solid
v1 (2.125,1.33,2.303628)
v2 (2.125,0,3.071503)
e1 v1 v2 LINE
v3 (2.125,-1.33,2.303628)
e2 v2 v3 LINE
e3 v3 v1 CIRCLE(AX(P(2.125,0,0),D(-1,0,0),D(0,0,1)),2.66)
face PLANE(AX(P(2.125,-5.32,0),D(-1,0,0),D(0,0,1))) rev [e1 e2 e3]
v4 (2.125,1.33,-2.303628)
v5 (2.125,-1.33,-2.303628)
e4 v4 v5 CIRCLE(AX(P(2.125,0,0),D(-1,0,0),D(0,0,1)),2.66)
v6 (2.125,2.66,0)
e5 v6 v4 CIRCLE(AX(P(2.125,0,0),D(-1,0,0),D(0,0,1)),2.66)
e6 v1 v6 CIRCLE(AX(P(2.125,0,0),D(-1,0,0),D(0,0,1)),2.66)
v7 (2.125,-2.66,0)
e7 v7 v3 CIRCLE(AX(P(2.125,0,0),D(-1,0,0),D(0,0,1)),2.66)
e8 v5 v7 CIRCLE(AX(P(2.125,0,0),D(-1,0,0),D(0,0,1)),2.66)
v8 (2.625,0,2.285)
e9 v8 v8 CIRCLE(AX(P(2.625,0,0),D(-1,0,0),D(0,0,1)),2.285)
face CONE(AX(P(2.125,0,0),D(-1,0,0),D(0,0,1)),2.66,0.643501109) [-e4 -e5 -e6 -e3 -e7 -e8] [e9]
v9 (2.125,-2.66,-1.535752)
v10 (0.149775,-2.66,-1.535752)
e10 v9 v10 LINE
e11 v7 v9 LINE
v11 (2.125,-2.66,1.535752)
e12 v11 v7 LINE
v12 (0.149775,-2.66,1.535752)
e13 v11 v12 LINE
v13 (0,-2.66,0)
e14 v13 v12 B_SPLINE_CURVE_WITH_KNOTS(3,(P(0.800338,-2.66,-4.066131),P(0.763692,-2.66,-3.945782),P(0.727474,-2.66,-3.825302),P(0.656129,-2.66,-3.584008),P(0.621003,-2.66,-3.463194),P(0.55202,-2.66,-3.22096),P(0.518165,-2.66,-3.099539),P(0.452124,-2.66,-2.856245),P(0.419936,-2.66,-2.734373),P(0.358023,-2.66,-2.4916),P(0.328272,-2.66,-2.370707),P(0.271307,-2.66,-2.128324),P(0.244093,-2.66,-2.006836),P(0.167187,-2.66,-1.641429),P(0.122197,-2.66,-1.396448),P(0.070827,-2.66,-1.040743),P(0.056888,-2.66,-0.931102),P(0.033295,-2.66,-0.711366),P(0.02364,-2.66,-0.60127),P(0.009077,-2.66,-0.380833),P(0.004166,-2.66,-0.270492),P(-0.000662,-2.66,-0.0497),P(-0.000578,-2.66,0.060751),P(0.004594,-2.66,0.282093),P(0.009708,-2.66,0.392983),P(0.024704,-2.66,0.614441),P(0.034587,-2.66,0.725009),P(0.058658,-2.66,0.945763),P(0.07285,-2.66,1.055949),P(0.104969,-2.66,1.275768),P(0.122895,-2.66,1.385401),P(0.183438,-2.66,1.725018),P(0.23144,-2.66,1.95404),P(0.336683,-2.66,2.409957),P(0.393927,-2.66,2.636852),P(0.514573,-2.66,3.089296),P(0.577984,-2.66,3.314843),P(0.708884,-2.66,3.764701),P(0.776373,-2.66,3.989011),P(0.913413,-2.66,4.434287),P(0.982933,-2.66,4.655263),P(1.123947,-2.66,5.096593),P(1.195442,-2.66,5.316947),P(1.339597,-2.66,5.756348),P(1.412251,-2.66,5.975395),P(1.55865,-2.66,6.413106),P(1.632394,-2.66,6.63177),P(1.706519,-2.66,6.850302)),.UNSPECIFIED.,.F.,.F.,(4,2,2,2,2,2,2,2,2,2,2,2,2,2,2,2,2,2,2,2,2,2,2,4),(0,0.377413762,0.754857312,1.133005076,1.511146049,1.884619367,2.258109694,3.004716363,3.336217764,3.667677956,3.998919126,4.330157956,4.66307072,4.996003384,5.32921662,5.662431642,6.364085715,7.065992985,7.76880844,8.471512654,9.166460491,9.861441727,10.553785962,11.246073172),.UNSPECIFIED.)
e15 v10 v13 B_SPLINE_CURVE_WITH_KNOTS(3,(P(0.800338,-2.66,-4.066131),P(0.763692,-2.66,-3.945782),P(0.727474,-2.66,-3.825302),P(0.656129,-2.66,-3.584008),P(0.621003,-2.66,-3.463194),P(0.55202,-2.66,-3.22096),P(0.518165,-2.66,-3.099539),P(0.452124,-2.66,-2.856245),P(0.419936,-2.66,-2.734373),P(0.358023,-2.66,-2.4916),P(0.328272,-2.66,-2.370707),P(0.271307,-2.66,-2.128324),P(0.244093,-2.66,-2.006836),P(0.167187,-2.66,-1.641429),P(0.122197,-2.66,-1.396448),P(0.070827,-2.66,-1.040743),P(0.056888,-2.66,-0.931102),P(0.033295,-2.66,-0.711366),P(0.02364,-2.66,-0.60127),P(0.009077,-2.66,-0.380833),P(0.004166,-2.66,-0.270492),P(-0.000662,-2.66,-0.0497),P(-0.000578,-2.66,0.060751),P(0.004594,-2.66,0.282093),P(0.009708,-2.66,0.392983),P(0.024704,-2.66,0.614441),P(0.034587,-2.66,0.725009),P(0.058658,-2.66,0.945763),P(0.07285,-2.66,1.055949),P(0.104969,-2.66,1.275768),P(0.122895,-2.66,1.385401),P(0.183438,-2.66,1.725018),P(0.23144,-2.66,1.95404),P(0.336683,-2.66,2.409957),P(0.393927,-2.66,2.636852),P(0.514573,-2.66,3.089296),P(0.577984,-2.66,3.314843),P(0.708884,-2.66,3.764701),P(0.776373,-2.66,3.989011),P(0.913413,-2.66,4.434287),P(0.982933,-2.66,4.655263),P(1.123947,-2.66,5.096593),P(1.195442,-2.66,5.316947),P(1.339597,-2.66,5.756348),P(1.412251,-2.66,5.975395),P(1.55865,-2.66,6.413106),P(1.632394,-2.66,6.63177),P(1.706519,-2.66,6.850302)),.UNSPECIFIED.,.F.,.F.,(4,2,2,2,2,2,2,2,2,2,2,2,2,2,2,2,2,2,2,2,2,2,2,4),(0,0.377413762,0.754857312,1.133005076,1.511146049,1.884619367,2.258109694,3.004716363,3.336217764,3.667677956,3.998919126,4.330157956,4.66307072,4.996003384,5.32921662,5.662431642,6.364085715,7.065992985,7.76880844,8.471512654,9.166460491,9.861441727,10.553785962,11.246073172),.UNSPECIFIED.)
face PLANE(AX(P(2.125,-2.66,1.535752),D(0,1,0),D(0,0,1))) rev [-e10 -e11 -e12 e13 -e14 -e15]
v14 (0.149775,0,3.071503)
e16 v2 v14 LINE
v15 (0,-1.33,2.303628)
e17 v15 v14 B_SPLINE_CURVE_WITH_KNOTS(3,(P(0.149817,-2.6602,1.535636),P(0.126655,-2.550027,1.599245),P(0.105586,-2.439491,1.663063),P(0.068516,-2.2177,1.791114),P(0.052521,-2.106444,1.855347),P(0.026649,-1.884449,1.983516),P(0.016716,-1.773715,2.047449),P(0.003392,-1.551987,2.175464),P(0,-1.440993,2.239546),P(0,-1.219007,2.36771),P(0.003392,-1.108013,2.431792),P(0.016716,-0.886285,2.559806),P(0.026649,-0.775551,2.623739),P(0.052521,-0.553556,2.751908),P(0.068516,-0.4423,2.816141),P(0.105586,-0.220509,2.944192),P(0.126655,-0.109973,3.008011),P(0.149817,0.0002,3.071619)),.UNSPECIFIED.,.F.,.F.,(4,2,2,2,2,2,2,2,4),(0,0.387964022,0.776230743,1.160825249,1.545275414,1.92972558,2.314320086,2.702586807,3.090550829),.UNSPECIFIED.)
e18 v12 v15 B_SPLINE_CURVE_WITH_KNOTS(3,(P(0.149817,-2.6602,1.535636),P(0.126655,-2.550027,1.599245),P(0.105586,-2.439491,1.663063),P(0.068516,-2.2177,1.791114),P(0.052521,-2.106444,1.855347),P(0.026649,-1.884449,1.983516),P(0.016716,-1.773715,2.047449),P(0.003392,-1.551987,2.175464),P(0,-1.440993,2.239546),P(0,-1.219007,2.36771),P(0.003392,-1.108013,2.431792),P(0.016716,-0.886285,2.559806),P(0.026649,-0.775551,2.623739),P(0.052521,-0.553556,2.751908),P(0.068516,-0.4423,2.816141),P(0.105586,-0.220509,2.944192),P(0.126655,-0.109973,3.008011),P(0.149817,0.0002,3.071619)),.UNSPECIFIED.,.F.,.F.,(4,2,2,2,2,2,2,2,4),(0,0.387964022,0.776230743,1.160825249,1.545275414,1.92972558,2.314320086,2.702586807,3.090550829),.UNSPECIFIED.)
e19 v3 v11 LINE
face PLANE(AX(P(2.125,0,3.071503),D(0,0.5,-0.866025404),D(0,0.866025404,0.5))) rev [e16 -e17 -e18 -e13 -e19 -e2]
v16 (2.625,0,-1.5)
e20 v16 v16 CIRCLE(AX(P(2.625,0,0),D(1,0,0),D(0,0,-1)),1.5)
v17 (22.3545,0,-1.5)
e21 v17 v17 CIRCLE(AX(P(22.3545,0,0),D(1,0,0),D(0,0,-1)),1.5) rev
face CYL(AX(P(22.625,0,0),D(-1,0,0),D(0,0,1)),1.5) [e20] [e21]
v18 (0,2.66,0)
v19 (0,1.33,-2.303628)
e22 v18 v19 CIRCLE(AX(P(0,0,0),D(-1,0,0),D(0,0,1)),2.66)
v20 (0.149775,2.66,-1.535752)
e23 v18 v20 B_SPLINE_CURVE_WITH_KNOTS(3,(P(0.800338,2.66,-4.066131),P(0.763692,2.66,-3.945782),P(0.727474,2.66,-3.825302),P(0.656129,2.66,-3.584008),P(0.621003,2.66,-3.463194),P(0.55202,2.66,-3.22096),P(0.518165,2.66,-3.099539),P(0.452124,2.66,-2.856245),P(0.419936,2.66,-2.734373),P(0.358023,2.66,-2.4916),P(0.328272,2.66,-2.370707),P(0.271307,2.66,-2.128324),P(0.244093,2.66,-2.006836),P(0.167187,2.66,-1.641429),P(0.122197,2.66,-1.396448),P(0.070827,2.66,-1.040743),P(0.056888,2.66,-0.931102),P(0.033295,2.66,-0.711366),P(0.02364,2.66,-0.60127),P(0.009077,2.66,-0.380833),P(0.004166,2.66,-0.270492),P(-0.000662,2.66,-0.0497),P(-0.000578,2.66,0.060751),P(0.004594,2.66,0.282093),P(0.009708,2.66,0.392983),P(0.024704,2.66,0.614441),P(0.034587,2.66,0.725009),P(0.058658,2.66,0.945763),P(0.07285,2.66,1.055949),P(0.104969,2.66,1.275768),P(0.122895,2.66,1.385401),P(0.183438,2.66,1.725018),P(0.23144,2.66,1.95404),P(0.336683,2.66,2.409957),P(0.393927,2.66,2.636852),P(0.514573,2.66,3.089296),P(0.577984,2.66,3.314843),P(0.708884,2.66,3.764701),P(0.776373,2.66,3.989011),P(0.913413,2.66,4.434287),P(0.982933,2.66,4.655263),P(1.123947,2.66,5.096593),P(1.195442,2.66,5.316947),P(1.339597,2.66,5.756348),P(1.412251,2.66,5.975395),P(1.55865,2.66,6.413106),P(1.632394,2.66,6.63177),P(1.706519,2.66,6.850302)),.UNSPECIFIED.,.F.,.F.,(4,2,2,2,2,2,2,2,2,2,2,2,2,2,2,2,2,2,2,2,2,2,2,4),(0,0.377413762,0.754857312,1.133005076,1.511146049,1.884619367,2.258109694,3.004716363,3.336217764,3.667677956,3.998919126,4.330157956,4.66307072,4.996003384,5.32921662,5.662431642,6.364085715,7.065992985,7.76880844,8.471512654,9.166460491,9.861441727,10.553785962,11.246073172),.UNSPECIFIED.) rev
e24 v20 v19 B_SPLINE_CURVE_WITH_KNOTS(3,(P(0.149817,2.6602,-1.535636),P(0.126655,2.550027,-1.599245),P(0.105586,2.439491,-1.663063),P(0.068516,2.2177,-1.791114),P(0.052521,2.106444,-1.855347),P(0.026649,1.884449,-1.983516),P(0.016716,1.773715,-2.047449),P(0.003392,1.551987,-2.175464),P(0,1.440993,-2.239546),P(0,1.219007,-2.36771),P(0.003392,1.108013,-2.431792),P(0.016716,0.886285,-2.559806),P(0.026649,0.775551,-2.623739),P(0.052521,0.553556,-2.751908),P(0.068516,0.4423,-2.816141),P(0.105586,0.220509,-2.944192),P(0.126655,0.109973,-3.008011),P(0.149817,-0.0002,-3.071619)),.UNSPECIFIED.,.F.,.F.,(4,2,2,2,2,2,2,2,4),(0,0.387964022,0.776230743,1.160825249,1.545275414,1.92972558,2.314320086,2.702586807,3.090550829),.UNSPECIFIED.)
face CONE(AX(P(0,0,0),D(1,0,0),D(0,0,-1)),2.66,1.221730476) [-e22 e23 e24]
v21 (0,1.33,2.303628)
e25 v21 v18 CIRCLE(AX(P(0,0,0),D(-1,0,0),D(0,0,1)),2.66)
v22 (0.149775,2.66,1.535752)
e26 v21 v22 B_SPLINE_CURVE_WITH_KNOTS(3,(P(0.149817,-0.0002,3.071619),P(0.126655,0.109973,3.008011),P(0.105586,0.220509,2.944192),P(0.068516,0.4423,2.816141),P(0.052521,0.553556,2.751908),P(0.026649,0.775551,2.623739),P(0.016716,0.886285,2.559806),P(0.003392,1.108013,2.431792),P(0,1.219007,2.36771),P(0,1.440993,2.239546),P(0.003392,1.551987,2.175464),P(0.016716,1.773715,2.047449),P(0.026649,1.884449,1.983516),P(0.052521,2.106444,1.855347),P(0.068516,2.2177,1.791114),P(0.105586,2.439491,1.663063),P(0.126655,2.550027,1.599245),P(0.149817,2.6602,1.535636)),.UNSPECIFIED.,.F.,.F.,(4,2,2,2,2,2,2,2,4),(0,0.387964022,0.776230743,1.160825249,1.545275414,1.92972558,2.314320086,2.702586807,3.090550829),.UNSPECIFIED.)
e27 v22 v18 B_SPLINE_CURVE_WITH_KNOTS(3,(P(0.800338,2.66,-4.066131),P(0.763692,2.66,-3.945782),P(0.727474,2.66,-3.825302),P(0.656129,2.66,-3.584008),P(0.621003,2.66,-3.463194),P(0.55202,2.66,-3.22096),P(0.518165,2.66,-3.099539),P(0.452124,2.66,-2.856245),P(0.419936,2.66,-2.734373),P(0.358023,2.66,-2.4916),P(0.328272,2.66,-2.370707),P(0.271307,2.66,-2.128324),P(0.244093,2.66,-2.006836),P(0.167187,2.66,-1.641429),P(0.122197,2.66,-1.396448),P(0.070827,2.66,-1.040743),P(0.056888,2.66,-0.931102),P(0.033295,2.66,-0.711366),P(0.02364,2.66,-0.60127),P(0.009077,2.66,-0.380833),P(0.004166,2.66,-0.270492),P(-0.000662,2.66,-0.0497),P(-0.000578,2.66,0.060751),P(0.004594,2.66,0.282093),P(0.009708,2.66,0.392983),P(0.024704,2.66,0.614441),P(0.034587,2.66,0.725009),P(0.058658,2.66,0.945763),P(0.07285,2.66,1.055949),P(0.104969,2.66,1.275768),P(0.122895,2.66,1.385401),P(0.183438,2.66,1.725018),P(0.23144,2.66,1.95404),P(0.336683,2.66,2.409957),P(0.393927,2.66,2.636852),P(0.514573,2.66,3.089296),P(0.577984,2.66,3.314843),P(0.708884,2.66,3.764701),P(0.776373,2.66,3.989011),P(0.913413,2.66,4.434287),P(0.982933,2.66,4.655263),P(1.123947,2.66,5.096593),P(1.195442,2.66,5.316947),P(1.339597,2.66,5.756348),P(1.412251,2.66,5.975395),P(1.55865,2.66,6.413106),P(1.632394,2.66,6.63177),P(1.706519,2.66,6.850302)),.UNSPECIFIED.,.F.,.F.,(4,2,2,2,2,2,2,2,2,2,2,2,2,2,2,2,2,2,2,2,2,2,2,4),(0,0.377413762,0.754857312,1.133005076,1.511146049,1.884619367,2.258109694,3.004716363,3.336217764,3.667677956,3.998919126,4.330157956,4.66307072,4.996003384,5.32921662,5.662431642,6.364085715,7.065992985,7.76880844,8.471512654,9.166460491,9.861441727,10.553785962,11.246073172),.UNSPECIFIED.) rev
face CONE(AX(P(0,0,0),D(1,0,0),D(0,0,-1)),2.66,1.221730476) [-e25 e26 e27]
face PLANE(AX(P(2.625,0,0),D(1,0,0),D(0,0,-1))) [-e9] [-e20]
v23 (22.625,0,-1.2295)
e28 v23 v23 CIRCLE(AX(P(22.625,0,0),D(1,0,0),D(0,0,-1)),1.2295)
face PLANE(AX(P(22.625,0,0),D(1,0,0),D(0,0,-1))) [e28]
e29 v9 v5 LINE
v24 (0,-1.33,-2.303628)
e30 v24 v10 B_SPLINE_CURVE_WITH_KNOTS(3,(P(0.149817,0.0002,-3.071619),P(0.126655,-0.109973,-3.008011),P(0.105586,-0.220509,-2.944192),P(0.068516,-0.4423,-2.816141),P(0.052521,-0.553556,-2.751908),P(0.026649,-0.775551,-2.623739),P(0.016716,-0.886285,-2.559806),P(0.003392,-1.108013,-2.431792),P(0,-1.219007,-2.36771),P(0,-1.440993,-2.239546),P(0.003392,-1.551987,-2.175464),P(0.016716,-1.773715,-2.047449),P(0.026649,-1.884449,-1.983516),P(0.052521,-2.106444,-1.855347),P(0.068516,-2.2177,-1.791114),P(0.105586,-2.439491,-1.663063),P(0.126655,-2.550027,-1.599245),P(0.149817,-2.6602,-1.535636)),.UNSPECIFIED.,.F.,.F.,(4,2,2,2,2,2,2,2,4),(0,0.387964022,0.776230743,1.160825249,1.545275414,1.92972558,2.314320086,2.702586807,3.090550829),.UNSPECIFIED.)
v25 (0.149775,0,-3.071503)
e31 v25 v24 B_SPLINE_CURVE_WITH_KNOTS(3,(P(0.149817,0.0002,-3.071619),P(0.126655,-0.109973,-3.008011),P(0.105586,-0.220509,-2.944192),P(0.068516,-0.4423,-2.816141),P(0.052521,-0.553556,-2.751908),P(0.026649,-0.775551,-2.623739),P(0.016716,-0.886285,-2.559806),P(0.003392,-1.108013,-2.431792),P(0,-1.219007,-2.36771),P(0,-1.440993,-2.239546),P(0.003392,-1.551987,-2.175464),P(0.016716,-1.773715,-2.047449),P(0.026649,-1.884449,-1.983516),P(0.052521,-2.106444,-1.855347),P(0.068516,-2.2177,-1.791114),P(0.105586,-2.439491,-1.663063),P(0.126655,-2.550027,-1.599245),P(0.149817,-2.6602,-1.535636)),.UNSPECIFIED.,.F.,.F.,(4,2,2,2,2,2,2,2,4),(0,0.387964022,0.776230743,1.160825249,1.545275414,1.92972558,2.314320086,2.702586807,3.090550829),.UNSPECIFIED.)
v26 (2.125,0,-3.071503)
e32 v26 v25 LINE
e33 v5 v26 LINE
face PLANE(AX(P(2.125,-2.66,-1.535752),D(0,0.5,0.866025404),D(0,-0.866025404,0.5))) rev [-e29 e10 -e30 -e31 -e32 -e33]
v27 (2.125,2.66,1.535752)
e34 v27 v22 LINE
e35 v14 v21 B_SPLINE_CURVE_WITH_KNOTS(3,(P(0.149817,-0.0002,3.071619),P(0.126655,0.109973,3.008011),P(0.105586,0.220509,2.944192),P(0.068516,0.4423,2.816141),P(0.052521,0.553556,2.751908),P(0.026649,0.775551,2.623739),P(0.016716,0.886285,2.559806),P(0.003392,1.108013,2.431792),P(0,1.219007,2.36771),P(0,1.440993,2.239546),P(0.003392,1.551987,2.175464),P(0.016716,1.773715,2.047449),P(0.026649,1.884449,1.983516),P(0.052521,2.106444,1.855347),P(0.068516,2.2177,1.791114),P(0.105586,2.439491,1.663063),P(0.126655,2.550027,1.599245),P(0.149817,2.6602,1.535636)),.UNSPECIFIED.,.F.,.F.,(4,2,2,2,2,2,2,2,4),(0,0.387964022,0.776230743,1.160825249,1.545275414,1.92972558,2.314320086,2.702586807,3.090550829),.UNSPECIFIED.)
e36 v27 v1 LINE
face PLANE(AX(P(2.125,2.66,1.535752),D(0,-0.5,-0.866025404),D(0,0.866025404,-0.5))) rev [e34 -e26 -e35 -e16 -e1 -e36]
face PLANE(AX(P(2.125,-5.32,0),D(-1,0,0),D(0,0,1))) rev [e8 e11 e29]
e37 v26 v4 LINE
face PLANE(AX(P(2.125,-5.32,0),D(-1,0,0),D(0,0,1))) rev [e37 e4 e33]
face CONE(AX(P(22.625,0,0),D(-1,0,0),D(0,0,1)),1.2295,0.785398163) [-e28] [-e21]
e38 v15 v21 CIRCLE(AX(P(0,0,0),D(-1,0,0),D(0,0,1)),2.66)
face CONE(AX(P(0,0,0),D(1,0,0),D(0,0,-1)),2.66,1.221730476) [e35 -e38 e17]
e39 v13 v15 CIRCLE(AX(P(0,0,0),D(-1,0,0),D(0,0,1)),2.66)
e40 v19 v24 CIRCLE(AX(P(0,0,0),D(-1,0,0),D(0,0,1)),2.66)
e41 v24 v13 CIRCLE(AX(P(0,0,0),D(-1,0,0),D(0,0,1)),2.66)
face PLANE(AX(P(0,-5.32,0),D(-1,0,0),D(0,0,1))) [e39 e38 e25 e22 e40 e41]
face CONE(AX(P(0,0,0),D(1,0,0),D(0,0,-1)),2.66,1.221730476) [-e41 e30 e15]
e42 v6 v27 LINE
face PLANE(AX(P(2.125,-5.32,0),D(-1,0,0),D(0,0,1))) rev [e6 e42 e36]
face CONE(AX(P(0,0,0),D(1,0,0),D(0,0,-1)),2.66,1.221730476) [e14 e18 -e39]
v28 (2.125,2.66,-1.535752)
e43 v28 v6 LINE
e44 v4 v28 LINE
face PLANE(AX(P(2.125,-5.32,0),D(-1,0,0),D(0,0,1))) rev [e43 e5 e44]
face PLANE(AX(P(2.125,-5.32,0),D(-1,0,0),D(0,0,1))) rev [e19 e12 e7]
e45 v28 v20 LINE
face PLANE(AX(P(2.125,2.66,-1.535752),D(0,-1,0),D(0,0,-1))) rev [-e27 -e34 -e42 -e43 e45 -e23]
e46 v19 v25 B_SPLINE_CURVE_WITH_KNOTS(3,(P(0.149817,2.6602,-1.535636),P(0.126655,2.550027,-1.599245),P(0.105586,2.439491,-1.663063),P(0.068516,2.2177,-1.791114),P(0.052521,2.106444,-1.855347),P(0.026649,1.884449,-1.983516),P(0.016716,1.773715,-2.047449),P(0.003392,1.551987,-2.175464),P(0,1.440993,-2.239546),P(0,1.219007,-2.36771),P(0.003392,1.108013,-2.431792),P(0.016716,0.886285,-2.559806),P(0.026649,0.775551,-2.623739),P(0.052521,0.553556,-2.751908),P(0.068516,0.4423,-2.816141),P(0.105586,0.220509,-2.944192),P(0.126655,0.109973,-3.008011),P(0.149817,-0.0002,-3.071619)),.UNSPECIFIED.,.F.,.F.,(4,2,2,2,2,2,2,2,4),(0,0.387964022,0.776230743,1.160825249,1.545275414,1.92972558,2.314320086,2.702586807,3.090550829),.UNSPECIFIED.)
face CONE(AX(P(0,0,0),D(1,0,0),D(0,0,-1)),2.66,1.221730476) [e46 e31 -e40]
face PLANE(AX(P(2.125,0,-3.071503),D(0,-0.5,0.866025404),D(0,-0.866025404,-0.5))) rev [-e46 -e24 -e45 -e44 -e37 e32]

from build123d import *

# Parameters (mm, degrees)
BASEHEAD_DEPTH = 2.125
SKETCH3_R      = 1.5
BASEBODY_DEPTH = 20
CHAMFER1_SIZE  = 0.2705


with BuildPart() as part:
    # Sketch-BaseHead → BaseHead (new body)
    with BuildSketch(Plane(origin=(0, 0, 0), x_dir=(0, 0, -1), z_dir=(1, 0, 0))):
        Polygon((3.071503432, 0), (1.535751716, 2.66), (-1.535751716, 2.66), (-3.071503432, 0), (-1.535751716, -2.66), (1.535751716, -2.66), align=None)
    extrude(amount=BASEHEAD_DEPTH)

    # Sketch4 → HeadChamfer (revolve, cut)
    with BuildSketch(Plane(origin=(-0.264637255, 0, 5.916896391), x_dir=(0, 0, -1), z_dir=(0, 1, 0))):
        Polygon((8.988399823, -0.264637255), (8.576896391, -0.264637255), (8.988399823, -0.414412256), align=None)
    revolve(axis=Axis((-4.001564945, 0, 0), (1, 0, 0)), mode=Mode.SUBTRACT)

    # Sketch1 → Revolve1 (revolve)
    with BuildSketch(Plane.XY, mode=Mode.PRIVATE) as revolve1_sk:
        Polygon((2.125, 0), (2.625, 0), (2.625, -2.285), (2.125, -2.66), align=None)
    revolve(revolve1_sk.sketch.rotate(Axis((-4.001564945, 0, 0), (1, 0, 0)), 270), axis=Axis((-4.001564945, 0, 0), (1, 0, 0)))

    # Sketch3 → BaseBody (add)
    with BuildSketch(Plane(origin=(2.625, 0, 0), x_dir=(0, 0, -1), z_dir=(1, 0, 0))):
        Circle(SKETCH3_R)
    extrude(amount=BASEBODY_DEPTH)

    # Chamfer1
    chamfer1_edges = [part.edges().sort_by_distance(p)[0] for p in [
        (22.625, 0, 1.5),
    ]]
    chamfer(chamfer1_edges, length=CHAMFER1_SIZE)


solid = part.part
